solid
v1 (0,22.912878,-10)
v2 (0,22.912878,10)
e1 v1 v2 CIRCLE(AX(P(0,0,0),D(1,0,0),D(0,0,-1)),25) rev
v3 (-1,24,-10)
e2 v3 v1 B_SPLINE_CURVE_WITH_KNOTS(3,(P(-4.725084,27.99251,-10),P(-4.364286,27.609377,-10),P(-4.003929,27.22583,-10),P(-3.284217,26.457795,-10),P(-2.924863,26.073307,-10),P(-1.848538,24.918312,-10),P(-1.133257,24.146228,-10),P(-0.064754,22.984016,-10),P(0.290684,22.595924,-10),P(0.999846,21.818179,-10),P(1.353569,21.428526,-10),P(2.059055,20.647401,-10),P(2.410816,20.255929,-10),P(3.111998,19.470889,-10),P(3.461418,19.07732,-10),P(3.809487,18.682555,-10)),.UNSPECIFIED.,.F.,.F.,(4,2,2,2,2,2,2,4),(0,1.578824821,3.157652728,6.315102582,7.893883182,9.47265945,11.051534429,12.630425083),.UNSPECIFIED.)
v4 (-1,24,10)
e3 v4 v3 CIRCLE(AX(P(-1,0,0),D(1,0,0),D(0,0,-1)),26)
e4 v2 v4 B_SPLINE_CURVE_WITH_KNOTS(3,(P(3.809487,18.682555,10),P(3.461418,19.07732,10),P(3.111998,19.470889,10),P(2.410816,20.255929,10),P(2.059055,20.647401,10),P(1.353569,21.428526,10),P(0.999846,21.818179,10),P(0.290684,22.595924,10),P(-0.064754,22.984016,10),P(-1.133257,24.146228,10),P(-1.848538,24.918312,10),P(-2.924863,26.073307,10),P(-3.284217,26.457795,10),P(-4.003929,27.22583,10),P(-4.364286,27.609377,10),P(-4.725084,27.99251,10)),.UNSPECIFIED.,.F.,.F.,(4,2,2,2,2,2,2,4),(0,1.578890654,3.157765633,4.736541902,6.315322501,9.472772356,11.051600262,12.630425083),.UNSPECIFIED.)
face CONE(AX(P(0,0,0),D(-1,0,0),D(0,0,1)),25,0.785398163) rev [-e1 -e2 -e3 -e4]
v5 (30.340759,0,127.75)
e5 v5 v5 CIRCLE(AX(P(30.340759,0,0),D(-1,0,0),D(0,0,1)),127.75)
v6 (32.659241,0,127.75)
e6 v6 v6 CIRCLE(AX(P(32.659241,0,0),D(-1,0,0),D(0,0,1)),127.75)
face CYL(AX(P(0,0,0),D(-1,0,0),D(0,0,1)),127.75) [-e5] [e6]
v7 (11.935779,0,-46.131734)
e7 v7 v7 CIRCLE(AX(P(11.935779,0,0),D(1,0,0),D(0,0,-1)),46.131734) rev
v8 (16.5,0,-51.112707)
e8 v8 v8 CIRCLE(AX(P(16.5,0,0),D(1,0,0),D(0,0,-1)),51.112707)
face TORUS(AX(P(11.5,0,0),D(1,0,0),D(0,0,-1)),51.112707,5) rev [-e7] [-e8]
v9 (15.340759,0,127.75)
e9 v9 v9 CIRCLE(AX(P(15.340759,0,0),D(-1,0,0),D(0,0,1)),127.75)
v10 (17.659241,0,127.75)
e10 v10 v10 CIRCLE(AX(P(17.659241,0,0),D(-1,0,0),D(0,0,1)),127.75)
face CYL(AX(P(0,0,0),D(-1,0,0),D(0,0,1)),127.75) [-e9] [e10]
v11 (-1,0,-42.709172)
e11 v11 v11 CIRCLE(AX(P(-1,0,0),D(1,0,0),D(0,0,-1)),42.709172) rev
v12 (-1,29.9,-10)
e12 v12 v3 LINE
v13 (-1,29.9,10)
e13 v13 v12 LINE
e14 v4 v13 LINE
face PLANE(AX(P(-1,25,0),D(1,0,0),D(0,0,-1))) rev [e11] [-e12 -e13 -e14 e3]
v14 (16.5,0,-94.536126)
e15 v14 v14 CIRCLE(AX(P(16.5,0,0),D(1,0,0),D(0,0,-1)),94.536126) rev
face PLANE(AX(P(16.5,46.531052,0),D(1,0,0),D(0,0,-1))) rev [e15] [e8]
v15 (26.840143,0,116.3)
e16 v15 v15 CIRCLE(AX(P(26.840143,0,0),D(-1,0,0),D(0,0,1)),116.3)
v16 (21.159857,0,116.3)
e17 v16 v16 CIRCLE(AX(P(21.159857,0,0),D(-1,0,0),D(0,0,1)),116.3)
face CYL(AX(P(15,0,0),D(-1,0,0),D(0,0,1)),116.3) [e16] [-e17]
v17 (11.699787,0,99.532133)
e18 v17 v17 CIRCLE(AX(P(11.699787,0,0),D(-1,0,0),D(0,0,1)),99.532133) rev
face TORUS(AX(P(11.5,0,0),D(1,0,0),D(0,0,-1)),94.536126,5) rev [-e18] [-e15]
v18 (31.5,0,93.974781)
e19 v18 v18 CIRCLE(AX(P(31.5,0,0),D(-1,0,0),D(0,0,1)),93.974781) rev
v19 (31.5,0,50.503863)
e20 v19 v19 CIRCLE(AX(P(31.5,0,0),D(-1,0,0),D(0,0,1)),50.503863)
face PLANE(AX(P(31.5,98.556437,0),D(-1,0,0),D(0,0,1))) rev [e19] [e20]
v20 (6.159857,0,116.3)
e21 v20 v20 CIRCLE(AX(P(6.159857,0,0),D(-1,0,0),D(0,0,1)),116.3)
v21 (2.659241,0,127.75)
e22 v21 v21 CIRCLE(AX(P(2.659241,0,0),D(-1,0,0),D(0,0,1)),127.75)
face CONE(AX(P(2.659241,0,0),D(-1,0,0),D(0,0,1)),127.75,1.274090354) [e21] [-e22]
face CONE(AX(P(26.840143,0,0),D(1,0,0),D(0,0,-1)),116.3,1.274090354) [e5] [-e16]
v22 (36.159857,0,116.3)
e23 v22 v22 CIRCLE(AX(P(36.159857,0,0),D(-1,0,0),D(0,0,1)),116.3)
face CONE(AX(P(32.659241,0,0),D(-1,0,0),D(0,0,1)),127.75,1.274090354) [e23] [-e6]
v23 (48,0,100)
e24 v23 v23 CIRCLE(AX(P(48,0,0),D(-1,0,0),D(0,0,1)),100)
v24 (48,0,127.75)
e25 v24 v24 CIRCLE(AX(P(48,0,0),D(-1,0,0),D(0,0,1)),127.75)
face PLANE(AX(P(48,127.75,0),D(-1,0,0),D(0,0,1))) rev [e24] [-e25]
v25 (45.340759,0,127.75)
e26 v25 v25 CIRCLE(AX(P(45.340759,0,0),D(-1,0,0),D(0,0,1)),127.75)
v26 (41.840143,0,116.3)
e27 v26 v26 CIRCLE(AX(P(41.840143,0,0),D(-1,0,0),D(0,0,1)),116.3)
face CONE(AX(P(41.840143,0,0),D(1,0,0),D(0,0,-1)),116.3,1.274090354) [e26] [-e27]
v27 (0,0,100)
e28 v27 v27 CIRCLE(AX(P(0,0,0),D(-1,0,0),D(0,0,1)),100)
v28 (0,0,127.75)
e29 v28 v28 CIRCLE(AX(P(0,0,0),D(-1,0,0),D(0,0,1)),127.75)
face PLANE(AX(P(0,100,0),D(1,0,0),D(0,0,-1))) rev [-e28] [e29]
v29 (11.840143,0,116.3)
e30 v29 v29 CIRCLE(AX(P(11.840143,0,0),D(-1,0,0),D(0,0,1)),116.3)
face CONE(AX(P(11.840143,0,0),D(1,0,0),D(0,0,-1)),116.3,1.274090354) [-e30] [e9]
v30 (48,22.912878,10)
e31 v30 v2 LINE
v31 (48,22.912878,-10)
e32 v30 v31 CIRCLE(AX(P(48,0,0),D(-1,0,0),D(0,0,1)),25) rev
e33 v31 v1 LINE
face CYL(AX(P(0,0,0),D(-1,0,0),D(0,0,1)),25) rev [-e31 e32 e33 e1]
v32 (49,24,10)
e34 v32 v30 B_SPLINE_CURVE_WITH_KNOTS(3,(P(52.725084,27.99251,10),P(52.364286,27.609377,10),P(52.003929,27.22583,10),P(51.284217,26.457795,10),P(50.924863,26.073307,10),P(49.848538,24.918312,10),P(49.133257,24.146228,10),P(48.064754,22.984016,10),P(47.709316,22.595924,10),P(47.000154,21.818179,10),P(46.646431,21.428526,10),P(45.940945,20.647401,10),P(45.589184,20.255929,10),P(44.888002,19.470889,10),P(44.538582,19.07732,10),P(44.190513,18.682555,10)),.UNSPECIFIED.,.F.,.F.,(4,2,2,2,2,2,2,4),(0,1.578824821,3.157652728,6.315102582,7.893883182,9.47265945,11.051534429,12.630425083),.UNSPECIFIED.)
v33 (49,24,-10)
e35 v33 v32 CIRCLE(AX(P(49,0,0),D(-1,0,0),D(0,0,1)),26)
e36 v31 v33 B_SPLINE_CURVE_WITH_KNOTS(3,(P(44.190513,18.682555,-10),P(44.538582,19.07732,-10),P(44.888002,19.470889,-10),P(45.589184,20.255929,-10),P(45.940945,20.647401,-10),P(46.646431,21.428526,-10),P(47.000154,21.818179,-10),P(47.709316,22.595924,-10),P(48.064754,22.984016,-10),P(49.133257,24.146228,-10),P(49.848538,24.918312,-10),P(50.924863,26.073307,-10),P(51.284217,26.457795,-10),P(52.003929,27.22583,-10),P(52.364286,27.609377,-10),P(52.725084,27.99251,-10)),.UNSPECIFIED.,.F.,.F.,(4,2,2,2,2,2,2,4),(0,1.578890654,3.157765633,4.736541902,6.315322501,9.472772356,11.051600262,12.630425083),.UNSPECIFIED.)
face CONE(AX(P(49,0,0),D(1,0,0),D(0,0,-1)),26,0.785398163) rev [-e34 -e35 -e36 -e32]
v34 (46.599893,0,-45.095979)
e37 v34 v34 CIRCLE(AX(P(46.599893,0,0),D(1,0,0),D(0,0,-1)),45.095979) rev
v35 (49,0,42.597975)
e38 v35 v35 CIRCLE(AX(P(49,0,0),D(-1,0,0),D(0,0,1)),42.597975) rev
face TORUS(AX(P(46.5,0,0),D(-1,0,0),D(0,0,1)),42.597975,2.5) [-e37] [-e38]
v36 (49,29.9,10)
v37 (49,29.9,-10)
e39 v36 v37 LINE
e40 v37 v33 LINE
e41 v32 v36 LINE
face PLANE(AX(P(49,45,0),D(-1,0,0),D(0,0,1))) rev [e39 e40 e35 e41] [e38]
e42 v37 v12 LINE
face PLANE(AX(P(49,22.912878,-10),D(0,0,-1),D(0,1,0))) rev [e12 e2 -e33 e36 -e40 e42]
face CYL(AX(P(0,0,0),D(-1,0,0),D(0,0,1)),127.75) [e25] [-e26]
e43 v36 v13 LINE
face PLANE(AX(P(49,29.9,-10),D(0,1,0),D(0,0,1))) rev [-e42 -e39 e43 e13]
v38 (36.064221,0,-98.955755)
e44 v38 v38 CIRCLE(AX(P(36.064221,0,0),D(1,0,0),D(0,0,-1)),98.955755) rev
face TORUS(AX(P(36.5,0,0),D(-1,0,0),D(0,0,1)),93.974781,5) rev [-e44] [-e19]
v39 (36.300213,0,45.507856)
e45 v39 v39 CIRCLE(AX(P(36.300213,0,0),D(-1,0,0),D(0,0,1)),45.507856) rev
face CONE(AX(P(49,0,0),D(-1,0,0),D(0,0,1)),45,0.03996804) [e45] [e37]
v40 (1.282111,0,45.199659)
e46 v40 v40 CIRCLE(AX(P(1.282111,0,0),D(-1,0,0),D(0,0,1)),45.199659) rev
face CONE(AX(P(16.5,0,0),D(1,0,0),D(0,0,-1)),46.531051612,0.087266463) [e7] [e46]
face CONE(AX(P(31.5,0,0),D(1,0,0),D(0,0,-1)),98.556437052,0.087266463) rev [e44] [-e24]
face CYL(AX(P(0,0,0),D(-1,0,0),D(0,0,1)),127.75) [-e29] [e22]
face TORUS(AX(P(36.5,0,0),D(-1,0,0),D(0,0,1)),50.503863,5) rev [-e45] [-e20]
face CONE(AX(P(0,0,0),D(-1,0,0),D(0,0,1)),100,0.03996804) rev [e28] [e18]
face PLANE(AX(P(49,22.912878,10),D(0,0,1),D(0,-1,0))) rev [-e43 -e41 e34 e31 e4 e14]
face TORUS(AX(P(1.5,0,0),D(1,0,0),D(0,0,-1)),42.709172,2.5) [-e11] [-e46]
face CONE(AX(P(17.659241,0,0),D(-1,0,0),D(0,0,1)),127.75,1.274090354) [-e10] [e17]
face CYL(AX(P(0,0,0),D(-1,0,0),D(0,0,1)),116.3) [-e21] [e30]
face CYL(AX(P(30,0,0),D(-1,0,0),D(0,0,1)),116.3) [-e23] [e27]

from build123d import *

# Parameters (mm, degrees)
PATTERN_LINEAR_1019_COUNT = 3
PATTERN_LINEAR_1019_PITCH = 15
CHAMFER_1_SIZE            = 1
SKETCH_4_W                = 20
SKETCH_4_H                = 6.987121525
CUT_EXTRUDE_1_DEPTH       = 188.456995068
FILLET_1_R                = 5
FILLET_2_R                = 2.5


with BuildPart() as part:
    # 草图1 → 旋转1 (revolve)
    with BuildSketch(Plane.XY, mode=Mode.PRIVATE) as revolve_1_sk:
        Polygon((-1, 25), (-1, 45), (16.5, 46.531051612), (16.5, 99.340175961), (0, 100), (0, 127.75), (48, 127.75), (48, 100), (31.5, 98.556437052), (31.5, 45.699813375), (49, 45), (49, 25), align=None)
    revolve(revolve_1_sk.sketch.rotate(Axis((0, 0, 0), (1, 0, 0)), 90), axis=Axis((0, 0, 0), (1, 0, 0)))

    # 草图2 → 切除-旋转1 (revolve, cut)
    with BuildSketch(Plane.XY, mode=Mode.PRIVATE) as cut_revolve_1_sk:
        Polygon((11.840143071, 116.3), (15.340759374, 127.75), (2.659240626, 127.75), (6.159856929, 116.3), align=None)
    cut_revolve_1 = revolve(cut_revolve_1_sk.sketch.rotate(Axis((0, 0, 0), (1, 0, 0)), 90), axis=Axis((0, 0, 0), (1, 0, 0)), mode=Mode.SUBTRACT)

    # Pattern Linear 1019: 切除-旋转1 ×3
    with Locations(*[(i * PATTERN_LINEAR_1019_PITCH, 0, 0) for i in range(1, PATTERN_LINEAR_1019_COUNT)]):
        add(cut_revolve_1, mode=Mode.SUBTRACT)

    # 倒角1
    chamfer_1_edges = [part.edges().sort_by_distance(p)[0] for p in [
        (-1, 0, -25),
        (49, 0, -25),
    ]]
    chamfer(chamfer_1_edges, length=CHAMFER_1_SIZE)

    # 草图4 → 切除-拉伸1 (cut, through all)
    with BuildSketch(Plane.ZY.offset(1)):
        with Locations((0, 26.406439238)):
            Rectangle(SKETCH_4_W, SKETCH_4_H)
    extrude(amount=-CUT_EXTRUDE_1_DEPTH, mode=Mode.SUBTRACT)

    # 圆角1
    fillet_1_edges = [part.edges().sort_by_distance(p)[0] for p in [
        (16.5, 0, -99.340175961),
        (16.5, 0, -46.531051612),
        (31.5, 0, -45.699813375),
        (31.5, 0, -98.556437052),
    ]]
    fillet(fillet_1_edges, radius=FILLET_1_R)

    # 圆角2
    fillet_2_edges = [part.edges().sort_by_distance(p)[0] for p in [
        (-1, 0, -45),
        (49, 0, -45),
    ]]
    fillet(fillet_2_edges, radius=FILLET_2_R)


solid = part.part
